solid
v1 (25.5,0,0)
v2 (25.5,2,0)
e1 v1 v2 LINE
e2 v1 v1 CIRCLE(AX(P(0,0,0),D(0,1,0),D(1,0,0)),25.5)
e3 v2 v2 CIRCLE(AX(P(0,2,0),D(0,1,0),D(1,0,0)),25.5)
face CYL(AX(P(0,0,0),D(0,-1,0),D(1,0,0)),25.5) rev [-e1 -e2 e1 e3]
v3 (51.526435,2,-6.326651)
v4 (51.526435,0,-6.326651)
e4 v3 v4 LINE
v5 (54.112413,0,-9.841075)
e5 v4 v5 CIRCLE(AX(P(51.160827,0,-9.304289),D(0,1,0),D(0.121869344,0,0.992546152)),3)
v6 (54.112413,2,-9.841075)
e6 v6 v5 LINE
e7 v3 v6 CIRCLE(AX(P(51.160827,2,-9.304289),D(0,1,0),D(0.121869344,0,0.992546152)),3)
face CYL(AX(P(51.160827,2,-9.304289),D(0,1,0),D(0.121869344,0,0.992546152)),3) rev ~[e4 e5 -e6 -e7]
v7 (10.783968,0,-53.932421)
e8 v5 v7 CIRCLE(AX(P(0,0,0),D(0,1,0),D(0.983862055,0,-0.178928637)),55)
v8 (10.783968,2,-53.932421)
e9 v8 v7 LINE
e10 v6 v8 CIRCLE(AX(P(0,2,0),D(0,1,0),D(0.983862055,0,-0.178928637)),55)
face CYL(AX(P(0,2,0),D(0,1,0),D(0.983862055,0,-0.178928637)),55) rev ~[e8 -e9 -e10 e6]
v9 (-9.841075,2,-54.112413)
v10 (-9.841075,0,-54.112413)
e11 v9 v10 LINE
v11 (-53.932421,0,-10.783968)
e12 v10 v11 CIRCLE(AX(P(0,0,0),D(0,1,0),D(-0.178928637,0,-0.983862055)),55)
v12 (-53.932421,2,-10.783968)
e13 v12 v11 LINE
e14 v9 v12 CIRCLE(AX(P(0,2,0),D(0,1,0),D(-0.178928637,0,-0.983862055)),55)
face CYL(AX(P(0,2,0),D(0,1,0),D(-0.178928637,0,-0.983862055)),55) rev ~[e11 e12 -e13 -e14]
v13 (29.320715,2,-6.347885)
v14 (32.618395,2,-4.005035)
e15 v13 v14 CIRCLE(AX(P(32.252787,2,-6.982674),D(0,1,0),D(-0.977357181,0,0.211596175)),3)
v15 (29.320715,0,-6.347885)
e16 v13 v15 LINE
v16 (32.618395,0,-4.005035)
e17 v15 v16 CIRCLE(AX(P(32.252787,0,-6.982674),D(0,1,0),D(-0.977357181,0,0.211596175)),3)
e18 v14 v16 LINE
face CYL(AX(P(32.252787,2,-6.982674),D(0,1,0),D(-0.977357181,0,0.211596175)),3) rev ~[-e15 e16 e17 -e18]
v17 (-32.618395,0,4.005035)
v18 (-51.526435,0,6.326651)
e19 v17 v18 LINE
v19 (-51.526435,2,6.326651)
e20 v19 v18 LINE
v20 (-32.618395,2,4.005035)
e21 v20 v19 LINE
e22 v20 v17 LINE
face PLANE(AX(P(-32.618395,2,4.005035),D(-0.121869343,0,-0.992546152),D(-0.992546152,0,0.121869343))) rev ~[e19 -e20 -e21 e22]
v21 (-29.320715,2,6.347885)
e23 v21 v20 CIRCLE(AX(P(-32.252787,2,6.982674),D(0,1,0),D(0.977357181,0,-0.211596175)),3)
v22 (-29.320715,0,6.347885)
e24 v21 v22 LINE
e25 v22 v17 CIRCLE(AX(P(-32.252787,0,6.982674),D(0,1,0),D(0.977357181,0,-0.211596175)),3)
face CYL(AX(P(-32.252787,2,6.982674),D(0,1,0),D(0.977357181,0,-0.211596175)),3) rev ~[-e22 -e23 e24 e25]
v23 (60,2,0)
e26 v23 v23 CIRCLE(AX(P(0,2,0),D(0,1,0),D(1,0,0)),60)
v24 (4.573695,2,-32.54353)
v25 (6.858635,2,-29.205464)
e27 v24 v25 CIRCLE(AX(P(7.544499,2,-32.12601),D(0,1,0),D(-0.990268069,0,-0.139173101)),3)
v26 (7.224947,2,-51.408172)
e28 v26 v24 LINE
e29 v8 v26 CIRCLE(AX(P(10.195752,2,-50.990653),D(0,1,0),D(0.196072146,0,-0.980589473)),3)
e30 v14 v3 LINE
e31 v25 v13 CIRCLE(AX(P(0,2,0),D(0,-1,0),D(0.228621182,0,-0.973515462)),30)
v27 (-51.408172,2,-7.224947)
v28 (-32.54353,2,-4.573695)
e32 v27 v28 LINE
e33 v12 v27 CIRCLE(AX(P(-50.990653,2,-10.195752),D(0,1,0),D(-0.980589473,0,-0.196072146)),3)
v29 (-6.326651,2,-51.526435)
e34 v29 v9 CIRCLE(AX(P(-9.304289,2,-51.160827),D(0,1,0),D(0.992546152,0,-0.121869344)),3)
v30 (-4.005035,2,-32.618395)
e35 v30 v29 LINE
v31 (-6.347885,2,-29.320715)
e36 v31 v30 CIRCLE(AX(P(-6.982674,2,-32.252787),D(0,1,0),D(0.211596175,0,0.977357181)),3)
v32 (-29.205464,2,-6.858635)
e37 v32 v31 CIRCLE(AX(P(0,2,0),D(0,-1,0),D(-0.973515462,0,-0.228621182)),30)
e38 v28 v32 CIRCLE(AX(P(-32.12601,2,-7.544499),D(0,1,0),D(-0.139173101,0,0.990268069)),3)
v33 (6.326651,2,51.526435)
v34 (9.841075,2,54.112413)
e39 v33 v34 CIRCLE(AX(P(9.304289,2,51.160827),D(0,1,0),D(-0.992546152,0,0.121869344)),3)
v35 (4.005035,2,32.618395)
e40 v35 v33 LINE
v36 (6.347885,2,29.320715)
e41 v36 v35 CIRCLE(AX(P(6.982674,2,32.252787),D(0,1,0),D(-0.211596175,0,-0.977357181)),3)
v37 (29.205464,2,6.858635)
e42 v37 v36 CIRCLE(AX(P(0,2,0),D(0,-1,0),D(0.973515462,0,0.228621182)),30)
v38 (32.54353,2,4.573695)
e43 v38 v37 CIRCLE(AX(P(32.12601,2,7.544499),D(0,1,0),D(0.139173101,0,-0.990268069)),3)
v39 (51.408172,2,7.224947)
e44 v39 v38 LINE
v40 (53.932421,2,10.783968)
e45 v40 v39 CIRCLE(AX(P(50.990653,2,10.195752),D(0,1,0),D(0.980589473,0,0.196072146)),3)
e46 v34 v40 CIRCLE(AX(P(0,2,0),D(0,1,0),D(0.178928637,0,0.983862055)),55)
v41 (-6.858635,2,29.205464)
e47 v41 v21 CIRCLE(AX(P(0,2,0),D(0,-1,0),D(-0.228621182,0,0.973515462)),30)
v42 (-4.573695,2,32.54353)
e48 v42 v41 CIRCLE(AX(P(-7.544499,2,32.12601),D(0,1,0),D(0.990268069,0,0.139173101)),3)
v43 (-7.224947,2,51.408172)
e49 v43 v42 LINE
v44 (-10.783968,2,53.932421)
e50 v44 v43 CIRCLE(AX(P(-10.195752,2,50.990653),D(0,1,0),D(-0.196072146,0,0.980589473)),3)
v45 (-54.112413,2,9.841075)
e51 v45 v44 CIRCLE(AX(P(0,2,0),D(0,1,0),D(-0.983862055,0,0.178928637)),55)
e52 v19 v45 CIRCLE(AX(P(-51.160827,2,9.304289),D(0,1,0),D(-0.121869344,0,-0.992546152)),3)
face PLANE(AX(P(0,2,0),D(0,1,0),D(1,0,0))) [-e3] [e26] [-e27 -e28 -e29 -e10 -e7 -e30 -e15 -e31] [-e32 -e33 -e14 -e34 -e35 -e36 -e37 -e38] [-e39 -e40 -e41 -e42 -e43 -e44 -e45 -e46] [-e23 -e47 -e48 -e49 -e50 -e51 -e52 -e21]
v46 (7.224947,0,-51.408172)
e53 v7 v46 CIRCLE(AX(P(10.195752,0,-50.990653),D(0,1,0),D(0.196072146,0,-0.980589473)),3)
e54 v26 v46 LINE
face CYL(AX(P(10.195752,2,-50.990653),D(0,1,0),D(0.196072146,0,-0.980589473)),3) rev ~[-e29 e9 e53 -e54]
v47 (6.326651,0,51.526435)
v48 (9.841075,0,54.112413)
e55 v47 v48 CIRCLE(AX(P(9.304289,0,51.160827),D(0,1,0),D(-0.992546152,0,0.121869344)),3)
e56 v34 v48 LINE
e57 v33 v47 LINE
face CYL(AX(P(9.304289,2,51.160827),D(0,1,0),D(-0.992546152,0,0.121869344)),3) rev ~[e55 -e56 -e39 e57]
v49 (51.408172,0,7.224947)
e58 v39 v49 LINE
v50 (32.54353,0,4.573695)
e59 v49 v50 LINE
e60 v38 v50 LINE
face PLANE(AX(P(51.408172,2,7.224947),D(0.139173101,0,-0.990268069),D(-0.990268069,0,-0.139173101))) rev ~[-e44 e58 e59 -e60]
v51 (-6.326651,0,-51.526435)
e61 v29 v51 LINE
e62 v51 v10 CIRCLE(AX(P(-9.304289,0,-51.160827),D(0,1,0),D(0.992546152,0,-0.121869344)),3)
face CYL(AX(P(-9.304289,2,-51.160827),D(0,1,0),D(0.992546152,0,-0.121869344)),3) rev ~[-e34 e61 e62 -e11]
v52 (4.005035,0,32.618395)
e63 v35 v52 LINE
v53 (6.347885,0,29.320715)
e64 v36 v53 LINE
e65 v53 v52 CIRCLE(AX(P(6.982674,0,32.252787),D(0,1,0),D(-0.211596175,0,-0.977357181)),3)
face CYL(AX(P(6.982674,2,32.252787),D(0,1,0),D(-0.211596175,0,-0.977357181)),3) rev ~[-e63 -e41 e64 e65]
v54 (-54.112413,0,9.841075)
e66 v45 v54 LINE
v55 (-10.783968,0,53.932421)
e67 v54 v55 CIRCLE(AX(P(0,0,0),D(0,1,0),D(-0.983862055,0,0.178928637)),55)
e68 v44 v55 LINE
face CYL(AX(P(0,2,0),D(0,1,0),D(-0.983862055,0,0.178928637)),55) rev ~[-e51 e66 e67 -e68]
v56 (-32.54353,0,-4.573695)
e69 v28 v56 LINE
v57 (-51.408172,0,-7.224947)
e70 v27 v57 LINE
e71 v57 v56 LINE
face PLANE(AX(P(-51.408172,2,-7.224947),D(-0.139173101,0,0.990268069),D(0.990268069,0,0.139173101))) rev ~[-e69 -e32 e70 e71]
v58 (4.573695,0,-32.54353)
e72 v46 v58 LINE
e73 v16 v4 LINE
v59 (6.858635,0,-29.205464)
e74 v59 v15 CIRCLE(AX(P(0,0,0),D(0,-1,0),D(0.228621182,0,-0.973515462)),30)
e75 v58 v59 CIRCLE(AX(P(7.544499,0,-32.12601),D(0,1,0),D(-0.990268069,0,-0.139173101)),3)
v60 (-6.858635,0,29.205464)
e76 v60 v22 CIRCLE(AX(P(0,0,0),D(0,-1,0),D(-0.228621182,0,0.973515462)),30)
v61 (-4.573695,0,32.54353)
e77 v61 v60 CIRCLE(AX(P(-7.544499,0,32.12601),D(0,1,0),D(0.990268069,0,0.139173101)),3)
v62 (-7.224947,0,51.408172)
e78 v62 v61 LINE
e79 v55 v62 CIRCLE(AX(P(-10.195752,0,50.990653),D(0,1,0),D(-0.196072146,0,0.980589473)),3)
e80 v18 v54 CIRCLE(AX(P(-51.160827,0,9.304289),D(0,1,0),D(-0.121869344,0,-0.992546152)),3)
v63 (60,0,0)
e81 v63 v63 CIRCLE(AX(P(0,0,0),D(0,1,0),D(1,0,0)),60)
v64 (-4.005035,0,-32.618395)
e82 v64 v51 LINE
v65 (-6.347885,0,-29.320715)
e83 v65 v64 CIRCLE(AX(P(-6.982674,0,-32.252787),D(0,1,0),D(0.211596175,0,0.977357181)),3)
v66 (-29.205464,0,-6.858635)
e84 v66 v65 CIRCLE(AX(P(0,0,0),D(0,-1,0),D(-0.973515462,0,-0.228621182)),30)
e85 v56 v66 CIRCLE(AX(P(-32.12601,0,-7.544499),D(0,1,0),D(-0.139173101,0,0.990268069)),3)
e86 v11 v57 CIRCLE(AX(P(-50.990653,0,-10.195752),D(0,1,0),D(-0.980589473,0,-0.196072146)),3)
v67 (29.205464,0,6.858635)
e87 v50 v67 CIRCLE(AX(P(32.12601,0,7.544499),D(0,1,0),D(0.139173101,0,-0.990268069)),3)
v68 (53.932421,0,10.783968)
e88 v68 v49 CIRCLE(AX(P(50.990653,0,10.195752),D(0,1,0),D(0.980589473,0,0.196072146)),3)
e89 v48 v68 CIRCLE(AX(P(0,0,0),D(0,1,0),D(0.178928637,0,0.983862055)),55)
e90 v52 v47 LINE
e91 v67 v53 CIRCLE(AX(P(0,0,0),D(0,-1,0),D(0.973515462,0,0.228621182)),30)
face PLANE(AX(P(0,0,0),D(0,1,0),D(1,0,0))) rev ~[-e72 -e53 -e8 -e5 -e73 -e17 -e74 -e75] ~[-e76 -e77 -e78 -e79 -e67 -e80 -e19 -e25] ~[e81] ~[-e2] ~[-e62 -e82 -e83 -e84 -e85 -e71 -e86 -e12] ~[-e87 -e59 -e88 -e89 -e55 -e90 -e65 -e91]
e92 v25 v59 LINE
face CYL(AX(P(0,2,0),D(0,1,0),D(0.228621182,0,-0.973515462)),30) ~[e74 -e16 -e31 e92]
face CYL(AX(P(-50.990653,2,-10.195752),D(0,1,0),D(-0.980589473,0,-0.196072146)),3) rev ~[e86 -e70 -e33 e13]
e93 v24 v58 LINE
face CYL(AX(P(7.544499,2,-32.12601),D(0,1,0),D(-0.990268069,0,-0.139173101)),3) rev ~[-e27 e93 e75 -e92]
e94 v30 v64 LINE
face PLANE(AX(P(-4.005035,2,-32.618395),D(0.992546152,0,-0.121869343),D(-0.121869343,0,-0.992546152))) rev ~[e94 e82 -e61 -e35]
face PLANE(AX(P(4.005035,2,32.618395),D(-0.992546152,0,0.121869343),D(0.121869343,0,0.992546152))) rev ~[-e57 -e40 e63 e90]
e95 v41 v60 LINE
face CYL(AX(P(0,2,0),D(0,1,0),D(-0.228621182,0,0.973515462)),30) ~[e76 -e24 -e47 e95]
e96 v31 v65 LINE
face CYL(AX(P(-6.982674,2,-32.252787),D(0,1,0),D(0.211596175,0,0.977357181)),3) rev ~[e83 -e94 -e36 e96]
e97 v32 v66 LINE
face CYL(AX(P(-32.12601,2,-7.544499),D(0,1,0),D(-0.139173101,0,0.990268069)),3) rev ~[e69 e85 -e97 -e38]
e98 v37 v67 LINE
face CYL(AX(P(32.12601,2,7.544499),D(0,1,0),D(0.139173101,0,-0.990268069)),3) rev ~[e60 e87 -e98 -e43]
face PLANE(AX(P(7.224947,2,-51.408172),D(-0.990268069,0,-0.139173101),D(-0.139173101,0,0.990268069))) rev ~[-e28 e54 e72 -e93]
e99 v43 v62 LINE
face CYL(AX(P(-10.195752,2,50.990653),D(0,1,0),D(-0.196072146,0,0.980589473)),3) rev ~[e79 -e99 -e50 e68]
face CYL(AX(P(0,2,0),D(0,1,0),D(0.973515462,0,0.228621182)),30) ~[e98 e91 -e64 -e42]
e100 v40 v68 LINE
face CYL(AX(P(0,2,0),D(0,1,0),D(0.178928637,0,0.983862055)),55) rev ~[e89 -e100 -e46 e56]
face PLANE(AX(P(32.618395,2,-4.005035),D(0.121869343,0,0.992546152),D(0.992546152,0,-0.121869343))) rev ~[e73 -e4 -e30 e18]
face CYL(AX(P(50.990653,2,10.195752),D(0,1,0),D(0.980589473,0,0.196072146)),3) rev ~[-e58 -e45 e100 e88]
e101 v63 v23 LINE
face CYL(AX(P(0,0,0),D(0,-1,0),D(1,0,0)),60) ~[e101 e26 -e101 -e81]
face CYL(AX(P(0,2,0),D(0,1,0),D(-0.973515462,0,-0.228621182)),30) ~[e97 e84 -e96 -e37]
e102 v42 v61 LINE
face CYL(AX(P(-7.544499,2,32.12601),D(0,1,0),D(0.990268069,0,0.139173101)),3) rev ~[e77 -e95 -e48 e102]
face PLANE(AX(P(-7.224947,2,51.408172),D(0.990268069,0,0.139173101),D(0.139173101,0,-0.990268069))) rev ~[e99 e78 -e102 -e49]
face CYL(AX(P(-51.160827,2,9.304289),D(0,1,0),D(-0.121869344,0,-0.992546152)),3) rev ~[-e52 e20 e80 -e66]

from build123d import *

# Parameters (mm, degrees)
SKETCH1_R           = 60
SKETCH1_R_2         = 25.5
BOSS_EXTRUDE1_DEPTH = 2
CUT_EXTRUDE1_DEPTH  = 2
CIRPATTERN1_COUNT   = 4


with BuildPart() as part:
    # Sketch1 → Boss-Extrude1 (new body)
    with BuildSketch(Plane(origin=(0, 0, 0), x_dir=(1, 0, 0), z_dir=(0, 1, 0))):
        Circle(SKETCH1_R)
        Circle(SKETCH1_R_2, mode=Mode.SUBTRACT)
    extrude(amount=BOSS_EXTRUDE1_DEPTH)

    # Sketch2 → Cut-Extrude1 (cut)
    with BuildSketch(Plane(origin=(0, 2, 0), x_dir=(1, 0, 0), z_dir=(0, 1, 0))):
        with BuildLine():
            Line((-32.618394997, -4.005035307), (-51.526434877, -6.326650681))
            ThreePointArc((-51.526434877, -6.326650681), (-53.577175122, -7.526295601), (-54.112413011, -9.841075048))
            ThreePointArc((-54.112413011, -9.841075048), (-39.228774703, -38.550009536), (-10.78396803, -53.932420987))
            ThreePointArc((-10.78396803, -53.932420987), (-8.460199946, -53.437663089), (-7.224947385, -51.408171873))
            Line((-7.224947385, -51.408171873), (-4.573694808, -32.543529554))
            ThreePointArc((-4.573694808, -32.543529554), (-5.068923242, -30.431452905), (-6.858635467, -29.205463864))
            ThreePointArc((-6.858635467, -29.205463864), (-21.397513475, -21.027277929), (-29.320715424, -6.347885238))
            ThreePointArc((-29.320715424, -6.347885238), (-30.515282955, -4.537049136), (-32.618394997, -4.005035307))
        make_face()
    cut_extrude1 = extrude(amount=-CUT_EXTRUDE1_DEPTH, mode=Mode.SUBTRACT)

    # CirPattern1: Cut-Extrude1 ×4 about axis
    cirpattern1_axis = Axis((0, 0, 0), (0, 1, 0))
    for i in range(1, CIRPATTERN1_COUNT):
        add(cut_extrude1.rotate(cirpattern1_axis, i * 360 / CIRPATTERN1_COUNT), mode=Mode.SUBTRACT)


solid = part.part
